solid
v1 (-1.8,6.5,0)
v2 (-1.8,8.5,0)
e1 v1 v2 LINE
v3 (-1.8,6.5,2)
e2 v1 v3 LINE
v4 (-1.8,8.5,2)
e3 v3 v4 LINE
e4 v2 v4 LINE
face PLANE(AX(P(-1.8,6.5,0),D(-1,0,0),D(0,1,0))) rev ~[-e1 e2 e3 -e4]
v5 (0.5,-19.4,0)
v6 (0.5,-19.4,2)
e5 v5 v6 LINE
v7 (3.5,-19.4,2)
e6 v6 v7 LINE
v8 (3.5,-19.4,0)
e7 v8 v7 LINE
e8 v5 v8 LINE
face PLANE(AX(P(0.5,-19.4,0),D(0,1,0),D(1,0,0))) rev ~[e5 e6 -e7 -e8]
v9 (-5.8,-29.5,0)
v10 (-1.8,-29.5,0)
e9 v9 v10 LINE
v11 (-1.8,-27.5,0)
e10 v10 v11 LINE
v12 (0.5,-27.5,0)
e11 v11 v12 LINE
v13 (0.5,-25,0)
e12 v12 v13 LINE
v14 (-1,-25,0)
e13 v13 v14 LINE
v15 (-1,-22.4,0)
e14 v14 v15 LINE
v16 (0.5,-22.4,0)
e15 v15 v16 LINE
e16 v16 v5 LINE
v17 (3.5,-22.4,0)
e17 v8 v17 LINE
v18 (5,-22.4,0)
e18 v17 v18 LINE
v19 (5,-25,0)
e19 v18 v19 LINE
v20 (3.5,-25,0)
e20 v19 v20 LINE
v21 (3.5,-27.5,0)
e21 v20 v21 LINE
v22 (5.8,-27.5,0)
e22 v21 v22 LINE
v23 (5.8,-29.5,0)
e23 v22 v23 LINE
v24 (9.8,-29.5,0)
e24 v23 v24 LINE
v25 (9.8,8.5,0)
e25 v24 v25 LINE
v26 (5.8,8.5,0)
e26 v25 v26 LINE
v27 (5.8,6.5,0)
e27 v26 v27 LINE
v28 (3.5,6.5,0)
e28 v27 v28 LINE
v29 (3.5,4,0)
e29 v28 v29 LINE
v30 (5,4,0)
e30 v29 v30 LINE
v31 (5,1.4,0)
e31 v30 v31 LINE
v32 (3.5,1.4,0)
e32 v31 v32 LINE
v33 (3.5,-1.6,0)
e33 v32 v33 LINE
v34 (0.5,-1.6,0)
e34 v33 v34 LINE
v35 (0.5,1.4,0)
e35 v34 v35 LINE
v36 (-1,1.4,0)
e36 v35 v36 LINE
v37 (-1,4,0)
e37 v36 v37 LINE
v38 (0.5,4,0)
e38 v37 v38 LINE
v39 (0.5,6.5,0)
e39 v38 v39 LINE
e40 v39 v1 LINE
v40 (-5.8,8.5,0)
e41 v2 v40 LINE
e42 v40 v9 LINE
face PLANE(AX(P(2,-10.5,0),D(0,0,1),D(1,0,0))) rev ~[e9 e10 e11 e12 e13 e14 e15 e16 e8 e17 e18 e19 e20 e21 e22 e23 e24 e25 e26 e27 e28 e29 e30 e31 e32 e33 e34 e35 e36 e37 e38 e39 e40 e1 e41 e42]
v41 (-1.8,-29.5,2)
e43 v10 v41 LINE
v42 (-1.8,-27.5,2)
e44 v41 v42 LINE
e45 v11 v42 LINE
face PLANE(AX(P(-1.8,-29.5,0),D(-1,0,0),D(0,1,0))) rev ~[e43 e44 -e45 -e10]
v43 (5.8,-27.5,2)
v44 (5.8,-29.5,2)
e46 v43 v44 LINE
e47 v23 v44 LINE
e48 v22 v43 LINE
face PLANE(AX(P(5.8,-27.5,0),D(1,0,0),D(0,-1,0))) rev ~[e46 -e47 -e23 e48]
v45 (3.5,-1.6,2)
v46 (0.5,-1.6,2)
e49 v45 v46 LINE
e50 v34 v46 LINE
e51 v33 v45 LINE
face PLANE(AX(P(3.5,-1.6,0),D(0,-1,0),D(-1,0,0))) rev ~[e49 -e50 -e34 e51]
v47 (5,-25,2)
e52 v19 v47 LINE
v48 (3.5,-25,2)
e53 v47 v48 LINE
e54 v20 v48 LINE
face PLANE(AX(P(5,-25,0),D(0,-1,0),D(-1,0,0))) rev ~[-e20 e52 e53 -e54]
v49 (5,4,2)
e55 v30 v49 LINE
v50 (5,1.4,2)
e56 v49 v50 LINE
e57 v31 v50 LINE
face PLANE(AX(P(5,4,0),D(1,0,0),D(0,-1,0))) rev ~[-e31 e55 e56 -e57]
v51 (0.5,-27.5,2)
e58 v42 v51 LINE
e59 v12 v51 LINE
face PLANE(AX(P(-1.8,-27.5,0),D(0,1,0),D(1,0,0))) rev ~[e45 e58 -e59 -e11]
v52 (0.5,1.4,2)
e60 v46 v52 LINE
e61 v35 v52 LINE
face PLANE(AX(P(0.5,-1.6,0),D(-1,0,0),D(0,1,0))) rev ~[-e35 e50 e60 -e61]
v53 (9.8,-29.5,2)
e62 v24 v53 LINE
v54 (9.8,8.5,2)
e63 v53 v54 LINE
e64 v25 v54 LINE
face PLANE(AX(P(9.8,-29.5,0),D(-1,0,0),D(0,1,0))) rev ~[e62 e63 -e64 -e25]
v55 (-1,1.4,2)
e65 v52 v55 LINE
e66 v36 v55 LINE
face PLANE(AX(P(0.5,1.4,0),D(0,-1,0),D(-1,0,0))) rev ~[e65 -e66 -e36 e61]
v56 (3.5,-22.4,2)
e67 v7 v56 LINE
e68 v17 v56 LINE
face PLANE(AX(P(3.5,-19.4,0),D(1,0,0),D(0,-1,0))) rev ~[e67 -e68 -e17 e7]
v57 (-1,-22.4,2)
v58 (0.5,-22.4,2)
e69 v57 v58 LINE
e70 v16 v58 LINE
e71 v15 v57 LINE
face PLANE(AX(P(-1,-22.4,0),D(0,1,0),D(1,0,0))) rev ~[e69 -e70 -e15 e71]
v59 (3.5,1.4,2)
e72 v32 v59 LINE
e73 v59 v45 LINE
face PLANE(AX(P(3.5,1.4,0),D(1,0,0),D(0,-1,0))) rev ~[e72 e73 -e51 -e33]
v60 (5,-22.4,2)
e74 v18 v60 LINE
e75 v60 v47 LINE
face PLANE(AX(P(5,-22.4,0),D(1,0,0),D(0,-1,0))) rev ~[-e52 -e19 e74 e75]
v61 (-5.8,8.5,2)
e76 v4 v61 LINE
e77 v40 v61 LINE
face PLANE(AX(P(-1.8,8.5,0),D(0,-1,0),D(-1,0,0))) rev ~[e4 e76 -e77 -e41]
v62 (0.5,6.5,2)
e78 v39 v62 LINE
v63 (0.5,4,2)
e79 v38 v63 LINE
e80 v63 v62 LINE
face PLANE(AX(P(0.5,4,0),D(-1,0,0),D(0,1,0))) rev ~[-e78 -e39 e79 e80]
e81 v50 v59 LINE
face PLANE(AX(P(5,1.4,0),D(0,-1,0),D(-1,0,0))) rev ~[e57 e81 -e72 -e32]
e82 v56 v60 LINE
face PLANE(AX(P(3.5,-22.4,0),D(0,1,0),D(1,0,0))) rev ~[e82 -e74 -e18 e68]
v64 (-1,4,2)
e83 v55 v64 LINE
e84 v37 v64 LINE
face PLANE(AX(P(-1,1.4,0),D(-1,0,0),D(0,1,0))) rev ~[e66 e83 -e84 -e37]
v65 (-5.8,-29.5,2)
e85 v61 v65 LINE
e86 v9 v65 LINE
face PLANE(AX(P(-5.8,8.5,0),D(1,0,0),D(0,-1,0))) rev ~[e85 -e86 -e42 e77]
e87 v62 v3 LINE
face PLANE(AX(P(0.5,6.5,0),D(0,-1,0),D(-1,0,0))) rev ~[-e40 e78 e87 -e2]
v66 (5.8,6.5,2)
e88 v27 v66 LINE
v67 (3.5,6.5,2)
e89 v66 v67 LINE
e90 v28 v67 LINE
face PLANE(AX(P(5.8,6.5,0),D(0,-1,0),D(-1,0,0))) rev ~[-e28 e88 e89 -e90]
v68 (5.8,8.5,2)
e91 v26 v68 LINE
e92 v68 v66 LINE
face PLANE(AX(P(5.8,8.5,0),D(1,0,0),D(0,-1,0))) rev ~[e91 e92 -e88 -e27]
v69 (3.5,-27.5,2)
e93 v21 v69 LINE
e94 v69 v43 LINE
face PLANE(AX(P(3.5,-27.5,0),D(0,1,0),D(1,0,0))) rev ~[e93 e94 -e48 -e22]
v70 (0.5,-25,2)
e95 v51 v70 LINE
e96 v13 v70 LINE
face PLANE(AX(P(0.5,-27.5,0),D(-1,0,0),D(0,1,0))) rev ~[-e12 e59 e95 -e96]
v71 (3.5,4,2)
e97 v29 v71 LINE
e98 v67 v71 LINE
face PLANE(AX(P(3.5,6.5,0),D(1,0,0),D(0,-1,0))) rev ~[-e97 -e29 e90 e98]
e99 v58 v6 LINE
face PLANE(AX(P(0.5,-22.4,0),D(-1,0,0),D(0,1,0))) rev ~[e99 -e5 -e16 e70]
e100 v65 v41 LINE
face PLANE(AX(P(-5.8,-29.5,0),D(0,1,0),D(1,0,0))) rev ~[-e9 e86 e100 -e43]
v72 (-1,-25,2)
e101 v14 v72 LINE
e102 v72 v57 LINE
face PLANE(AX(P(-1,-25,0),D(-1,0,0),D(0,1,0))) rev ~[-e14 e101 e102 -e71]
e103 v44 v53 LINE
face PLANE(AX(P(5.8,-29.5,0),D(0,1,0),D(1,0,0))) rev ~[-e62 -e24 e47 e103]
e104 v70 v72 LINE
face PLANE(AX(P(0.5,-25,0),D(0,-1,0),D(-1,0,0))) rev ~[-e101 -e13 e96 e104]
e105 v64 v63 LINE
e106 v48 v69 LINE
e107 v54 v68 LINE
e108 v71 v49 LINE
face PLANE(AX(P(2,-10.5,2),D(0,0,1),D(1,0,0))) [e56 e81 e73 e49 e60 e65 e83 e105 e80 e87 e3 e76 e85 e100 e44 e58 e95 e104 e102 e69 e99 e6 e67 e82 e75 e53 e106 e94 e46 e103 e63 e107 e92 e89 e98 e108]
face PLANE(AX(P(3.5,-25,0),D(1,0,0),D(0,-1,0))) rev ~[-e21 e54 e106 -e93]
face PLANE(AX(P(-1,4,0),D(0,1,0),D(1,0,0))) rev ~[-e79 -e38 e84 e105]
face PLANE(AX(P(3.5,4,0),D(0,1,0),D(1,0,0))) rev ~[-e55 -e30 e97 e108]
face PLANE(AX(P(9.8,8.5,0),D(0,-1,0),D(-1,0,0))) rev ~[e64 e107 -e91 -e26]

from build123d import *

# Parameters (mm, degrees)
EXTRUDE_1_DEPTH = 2


with BuildPart() as part:
    # 草图2 → 凸台-拉伸1 (new body)
    with BuildSketch(Plane.XY):
        Polygon((5.8, -27.5), (5.8, -29.5), (9.8, -29.5), (9.8, 8.5), (5.8, 8.5), (5.8, 6.5), (3.5, 6.5), (3.5, 4), (5, 4), (5, 1.4), (3.5, 1.4), (3.5, -1.6), (0.5, -1.6), (0.5, 1.4), (-1, 1.4), (-1, 4), (0.5, 4), (0.5, 6.5), (-1.8, 6.5), (-1.8, 8.5), (-5.8, 8.5), (-5.8, -29.5), (-1.8, -29.5), (-1.8, -27.5), (0.5, -27.5), (0.5, -25), (-1, -25), (-1, -22.4), (0.5, -22.4), (0.5, -19.4), (3.5, -19.4), (3.5, -22.4), (5, -22.4), (5, -25), (3.5, -25), (3.5, -27.5), align=None)
    extrude(amount=EXTRUDE_1_DEPTH)


solid = part.part
